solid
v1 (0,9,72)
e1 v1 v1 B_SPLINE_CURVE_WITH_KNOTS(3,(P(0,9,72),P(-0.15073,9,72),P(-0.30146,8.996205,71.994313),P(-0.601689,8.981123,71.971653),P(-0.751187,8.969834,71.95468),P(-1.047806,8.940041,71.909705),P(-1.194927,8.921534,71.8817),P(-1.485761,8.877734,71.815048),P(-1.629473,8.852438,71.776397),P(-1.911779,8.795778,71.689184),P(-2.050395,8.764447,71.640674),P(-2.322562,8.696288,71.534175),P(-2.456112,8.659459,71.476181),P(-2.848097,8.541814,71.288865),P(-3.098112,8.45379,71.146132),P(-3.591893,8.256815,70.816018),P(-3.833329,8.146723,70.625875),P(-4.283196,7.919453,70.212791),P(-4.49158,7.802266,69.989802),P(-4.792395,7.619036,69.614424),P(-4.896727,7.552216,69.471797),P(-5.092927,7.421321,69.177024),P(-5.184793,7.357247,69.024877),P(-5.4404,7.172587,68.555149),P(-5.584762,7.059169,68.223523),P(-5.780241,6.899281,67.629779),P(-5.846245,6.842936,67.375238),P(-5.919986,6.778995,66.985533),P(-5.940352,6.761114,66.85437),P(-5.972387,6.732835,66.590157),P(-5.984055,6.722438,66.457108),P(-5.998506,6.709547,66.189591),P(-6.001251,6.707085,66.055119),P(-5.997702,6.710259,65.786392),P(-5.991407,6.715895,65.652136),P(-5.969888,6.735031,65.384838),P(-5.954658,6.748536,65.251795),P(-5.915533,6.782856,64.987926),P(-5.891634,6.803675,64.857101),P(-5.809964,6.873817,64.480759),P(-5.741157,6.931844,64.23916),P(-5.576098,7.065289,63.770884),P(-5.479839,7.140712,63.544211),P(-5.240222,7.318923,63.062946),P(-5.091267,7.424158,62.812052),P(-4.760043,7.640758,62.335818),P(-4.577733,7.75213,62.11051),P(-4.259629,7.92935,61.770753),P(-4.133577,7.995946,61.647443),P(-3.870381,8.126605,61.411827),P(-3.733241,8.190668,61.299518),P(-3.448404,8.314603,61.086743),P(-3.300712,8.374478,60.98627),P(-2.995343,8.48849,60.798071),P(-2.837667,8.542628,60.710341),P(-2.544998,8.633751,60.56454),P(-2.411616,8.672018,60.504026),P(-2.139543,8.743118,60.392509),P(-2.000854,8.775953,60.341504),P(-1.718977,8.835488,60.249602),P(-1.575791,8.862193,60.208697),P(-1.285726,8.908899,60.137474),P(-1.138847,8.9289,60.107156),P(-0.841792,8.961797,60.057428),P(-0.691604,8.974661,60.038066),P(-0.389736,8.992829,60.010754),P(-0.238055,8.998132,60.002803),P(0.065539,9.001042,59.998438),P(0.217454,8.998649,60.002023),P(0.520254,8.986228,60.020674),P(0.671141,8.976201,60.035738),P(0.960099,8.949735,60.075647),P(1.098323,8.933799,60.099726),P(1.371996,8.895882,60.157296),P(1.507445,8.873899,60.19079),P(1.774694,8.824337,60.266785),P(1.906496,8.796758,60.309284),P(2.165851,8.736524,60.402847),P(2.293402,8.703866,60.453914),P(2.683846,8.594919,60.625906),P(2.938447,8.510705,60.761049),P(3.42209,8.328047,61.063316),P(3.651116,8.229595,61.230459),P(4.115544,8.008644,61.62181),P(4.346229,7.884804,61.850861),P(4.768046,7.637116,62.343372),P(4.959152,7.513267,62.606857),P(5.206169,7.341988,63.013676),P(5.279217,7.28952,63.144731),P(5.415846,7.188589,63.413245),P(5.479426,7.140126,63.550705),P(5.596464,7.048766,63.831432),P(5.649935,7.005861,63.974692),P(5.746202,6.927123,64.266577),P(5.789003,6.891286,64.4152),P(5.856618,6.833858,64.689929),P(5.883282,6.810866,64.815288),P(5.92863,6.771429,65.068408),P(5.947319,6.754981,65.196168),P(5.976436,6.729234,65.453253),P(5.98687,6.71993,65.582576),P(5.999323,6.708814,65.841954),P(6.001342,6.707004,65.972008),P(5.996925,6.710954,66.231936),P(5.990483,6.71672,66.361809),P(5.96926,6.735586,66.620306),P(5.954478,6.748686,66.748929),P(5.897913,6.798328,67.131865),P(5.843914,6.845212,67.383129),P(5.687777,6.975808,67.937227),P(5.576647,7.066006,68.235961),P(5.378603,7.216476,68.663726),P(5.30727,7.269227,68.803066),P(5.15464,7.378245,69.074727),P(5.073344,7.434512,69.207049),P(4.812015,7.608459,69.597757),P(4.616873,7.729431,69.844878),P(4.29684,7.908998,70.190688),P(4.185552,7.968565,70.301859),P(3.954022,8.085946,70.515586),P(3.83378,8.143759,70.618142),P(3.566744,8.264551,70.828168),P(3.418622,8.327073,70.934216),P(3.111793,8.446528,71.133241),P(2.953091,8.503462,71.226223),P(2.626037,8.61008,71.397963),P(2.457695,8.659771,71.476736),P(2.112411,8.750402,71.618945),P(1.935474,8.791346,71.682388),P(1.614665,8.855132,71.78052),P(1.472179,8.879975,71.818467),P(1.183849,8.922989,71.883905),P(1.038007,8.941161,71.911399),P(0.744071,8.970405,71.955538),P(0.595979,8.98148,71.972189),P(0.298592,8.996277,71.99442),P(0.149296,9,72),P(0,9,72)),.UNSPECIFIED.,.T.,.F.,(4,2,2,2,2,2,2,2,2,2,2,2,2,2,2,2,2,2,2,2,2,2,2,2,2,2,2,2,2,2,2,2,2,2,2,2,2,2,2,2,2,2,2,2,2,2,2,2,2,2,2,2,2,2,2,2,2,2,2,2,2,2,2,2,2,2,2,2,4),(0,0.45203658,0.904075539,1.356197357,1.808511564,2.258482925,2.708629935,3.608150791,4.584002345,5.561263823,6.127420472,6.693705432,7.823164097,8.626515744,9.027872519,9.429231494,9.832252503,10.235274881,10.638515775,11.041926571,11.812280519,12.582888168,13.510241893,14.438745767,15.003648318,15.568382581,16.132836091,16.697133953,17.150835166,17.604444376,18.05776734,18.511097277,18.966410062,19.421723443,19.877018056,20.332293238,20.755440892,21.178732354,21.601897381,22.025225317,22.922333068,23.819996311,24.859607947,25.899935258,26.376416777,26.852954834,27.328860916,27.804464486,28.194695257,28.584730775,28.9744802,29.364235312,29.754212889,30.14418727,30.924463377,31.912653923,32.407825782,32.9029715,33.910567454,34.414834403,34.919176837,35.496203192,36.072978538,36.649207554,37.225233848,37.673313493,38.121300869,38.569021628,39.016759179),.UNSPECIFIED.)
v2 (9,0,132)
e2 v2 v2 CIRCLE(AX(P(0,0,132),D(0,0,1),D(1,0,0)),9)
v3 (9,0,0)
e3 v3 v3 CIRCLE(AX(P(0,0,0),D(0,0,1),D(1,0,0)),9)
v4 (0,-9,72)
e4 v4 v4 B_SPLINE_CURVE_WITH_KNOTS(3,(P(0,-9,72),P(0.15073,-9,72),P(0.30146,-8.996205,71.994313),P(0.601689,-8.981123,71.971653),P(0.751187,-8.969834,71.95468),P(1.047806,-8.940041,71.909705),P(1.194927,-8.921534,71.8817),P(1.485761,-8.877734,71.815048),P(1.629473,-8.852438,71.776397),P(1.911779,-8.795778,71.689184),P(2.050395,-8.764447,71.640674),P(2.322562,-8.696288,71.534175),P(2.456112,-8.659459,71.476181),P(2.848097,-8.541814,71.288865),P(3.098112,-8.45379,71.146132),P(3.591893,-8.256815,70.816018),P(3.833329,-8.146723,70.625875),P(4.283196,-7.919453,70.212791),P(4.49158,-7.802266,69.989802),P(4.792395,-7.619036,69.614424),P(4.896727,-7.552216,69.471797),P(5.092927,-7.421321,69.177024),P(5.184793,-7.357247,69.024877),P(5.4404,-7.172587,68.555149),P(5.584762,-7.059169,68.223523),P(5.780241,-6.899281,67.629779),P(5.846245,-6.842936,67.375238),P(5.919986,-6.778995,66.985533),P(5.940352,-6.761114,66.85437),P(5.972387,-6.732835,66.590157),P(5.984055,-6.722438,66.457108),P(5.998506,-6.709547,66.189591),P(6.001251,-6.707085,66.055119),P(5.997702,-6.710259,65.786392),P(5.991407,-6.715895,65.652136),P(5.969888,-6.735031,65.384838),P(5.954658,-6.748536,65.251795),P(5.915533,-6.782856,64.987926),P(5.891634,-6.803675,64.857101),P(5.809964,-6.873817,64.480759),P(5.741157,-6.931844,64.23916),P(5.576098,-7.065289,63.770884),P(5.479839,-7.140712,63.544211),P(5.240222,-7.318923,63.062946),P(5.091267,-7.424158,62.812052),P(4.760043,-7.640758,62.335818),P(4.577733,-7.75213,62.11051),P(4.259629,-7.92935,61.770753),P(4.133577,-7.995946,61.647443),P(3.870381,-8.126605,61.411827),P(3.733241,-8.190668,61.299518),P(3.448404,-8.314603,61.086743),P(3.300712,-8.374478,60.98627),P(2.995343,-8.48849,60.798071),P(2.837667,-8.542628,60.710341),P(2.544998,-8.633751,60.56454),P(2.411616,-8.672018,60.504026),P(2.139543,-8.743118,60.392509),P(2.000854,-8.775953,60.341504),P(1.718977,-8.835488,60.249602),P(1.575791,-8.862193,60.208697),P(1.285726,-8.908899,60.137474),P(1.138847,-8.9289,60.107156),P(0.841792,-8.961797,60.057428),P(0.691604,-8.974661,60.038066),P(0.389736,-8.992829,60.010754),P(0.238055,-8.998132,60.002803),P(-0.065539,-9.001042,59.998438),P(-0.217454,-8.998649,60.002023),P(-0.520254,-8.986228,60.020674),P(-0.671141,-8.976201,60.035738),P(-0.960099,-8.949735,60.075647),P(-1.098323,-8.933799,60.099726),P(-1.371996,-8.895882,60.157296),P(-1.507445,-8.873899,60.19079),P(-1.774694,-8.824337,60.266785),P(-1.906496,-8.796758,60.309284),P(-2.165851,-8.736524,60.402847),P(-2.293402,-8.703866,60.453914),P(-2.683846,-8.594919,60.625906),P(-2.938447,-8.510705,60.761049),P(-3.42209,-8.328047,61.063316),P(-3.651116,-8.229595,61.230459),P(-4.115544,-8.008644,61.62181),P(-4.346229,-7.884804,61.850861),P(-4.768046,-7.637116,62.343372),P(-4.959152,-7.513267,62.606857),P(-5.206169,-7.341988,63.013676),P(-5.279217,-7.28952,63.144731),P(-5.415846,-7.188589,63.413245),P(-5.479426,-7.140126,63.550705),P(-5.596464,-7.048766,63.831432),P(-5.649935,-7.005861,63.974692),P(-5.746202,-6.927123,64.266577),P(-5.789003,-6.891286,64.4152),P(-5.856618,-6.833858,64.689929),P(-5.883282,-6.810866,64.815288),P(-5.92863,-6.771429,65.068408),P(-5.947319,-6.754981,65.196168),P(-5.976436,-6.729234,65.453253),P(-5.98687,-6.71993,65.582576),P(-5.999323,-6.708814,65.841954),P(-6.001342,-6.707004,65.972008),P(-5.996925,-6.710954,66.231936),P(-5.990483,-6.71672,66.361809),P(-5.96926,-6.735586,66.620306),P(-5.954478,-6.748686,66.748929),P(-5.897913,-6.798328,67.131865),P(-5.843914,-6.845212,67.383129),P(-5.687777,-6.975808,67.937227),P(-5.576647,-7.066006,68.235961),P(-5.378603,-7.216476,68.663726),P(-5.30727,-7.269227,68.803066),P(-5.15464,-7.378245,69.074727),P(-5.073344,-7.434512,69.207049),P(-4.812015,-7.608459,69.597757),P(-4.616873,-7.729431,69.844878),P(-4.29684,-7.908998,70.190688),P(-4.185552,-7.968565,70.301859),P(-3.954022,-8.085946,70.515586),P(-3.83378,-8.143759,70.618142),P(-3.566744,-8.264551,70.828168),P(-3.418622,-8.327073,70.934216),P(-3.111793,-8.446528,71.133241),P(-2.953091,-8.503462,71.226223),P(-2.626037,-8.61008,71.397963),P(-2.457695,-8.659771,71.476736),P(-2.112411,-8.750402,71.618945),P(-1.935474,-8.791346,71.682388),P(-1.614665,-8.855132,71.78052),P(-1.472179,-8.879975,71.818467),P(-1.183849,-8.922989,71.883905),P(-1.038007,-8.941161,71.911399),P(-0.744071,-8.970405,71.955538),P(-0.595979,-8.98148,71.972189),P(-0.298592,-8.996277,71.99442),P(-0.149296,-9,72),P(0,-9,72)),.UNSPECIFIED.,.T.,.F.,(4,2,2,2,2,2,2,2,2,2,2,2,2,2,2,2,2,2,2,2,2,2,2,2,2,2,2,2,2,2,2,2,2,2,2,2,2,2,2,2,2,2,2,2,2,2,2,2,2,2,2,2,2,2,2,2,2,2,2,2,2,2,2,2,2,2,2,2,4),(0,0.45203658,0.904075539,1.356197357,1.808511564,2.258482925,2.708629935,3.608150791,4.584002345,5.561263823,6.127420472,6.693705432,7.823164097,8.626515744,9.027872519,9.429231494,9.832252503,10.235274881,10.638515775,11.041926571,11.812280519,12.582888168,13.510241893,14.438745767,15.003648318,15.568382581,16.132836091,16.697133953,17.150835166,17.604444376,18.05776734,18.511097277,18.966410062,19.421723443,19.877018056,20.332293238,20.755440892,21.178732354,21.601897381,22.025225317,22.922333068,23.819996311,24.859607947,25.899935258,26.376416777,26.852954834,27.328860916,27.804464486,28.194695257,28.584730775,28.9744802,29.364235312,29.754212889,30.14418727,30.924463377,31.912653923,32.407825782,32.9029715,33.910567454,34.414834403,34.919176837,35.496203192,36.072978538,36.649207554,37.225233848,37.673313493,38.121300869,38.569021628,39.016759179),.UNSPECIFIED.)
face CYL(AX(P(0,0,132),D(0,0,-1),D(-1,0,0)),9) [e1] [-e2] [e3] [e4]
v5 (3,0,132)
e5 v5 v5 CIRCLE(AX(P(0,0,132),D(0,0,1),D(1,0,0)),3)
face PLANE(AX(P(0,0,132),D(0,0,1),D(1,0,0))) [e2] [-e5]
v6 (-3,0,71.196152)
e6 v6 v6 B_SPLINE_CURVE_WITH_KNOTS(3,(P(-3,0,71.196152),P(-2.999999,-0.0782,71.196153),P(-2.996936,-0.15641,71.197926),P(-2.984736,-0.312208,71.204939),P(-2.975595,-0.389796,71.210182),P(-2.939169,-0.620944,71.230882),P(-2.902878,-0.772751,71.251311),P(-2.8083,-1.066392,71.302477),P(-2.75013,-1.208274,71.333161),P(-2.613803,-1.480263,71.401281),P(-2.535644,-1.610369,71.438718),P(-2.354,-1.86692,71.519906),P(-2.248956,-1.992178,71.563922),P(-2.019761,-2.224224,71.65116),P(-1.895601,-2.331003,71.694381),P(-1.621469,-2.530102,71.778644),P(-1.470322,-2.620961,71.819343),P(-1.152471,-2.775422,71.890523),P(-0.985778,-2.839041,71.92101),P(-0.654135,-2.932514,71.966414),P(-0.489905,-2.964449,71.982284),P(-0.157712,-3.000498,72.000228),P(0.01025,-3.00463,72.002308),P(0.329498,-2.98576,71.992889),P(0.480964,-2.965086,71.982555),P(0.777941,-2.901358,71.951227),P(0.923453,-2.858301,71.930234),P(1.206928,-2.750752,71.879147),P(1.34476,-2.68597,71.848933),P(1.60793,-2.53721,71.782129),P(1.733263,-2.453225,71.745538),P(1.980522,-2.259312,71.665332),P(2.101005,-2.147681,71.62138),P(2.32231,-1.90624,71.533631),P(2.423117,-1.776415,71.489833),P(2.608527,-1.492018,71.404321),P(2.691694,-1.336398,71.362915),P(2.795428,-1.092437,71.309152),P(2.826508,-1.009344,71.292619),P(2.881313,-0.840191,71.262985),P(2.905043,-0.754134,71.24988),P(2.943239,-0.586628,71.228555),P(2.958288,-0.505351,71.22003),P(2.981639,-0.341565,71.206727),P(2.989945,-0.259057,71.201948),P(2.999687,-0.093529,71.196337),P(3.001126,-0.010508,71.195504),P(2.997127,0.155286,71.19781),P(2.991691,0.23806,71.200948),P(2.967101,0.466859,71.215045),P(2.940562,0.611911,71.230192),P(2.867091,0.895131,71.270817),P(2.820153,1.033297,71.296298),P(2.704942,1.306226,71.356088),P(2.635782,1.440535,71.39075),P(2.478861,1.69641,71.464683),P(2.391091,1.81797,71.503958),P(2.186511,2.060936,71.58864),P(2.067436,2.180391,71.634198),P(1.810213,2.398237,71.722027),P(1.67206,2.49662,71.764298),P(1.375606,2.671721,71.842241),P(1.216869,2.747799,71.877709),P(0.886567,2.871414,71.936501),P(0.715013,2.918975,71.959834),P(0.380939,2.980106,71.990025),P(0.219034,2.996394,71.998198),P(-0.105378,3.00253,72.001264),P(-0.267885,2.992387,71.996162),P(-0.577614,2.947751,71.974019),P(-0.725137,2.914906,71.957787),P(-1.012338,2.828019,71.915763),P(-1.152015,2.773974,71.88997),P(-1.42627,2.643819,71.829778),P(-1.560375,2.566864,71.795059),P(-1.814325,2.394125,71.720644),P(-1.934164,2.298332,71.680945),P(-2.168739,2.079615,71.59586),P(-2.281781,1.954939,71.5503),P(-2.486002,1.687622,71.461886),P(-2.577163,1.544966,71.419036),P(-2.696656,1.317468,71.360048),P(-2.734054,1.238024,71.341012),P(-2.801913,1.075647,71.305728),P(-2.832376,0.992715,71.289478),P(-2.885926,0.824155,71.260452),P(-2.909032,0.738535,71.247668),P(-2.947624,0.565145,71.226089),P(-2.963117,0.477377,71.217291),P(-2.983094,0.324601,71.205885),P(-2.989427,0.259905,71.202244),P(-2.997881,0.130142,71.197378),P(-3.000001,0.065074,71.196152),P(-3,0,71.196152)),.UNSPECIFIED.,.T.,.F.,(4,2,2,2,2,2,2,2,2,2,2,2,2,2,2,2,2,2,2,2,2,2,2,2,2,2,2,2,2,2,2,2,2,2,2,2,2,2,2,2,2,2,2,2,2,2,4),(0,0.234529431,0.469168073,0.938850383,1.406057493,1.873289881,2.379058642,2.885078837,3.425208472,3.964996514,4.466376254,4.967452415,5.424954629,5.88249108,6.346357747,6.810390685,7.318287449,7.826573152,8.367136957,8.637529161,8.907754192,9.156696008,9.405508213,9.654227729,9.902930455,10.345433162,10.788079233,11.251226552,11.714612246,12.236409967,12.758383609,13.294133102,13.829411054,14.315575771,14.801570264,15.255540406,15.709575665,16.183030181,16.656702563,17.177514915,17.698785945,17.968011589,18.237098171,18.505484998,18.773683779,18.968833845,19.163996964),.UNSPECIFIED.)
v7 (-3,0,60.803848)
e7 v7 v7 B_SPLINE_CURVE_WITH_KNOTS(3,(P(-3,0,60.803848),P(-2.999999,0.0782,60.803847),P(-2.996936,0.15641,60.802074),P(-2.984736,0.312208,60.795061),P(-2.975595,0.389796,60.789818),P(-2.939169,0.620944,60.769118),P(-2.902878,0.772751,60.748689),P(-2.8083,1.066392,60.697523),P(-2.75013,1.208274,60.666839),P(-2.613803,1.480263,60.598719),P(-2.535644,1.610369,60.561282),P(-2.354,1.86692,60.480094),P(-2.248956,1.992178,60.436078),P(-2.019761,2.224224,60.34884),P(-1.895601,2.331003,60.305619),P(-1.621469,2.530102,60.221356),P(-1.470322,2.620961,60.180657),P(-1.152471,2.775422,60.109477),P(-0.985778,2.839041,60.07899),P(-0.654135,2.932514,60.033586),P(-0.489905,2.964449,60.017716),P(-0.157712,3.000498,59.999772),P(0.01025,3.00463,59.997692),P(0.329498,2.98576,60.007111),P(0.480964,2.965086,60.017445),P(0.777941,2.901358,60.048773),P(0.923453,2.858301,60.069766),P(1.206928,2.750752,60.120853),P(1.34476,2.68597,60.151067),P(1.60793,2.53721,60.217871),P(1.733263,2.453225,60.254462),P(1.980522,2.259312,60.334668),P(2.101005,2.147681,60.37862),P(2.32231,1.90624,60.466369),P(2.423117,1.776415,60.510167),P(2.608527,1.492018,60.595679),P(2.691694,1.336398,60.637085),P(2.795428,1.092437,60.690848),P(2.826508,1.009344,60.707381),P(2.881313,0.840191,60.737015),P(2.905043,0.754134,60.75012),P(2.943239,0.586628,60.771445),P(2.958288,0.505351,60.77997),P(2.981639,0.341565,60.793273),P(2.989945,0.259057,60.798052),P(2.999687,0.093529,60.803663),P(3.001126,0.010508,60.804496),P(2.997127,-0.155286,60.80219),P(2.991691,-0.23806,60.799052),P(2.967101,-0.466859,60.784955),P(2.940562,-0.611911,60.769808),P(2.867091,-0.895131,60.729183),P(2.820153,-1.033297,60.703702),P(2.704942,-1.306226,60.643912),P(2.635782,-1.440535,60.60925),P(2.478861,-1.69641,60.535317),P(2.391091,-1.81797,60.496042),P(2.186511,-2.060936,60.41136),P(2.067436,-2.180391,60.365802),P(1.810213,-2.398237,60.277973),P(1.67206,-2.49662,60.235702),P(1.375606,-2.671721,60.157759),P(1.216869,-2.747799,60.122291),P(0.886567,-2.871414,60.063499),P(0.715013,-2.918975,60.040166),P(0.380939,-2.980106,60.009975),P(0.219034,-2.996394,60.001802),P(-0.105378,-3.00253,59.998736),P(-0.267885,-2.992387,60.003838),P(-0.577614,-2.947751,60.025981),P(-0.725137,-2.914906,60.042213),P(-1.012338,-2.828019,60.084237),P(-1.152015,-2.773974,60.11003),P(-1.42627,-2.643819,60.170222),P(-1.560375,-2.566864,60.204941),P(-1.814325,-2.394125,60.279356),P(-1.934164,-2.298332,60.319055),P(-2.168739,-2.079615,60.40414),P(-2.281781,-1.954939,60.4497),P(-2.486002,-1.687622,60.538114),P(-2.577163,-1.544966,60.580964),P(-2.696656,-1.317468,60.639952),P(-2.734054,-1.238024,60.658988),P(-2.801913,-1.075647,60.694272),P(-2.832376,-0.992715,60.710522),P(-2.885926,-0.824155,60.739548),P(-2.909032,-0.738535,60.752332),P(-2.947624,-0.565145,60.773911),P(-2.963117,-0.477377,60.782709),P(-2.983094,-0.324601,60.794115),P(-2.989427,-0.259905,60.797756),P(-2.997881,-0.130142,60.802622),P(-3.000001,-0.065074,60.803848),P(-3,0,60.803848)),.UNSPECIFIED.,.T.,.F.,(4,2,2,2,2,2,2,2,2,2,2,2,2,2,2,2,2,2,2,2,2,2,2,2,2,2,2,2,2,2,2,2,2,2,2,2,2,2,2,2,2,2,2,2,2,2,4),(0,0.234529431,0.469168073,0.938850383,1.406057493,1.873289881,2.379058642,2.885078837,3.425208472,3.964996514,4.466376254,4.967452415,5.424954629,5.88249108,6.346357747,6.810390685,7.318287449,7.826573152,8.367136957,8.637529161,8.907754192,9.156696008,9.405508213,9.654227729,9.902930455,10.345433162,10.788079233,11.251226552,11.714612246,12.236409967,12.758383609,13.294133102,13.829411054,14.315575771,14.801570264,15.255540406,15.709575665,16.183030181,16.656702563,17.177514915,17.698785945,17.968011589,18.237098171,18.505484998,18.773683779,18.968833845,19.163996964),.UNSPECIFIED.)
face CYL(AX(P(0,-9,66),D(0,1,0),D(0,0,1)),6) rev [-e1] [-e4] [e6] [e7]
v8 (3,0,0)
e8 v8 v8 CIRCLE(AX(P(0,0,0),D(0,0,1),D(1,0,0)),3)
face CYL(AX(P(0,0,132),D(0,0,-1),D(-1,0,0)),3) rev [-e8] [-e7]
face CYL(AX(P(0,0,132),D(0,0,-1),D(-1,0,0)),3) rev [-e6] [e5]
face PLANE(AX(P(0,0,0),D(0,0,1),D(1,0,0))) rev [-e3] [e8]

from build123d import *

# Parameters (mm, degrees)
SKETCH1_R               = 9
SKETCH1_R_2             = 3
BOSS_EXTRUDE1_DEPTH     = 132
SKETCH2_R               = 6
CUT_EXTRUDE1_DEPTH      = 10
CUT_EXTRUDE1_DEPTH_BACK = 10


with BuildPart() as part:
    # Sketch1 → Boss-Extrude1 (new body)
    with BuildSketch(Plane.XY):
        Circle(SKETCH1_R)
        Circle(SKETCH1_R_2, mode=Mode.SUBTRACT)
    extrude(amount=BOSS_EXTRUDE1_DEPTH)

    # Sketch2 → Cut-Extrude1 (cut, two sides)
    with BuildSketch(Plane(origin=(0, 0, 0), x_dir=(1, 0, 0), z_dir=(0, 1, 0))) as cut_extrude1_sk:
        with Locations((0, -66)):
            Circle(SKETCH2_R)
    extrude(amount=CUT_EXTRUDE1_DEPTH, mode=Mode.SUBTRACT)
    extrude(cut_extrude1_sk.sketch, amount=-CUT_EXTRUDE1_DEPTH_BACK, mode=Mode.SUBTRACT)


solid = part.part
